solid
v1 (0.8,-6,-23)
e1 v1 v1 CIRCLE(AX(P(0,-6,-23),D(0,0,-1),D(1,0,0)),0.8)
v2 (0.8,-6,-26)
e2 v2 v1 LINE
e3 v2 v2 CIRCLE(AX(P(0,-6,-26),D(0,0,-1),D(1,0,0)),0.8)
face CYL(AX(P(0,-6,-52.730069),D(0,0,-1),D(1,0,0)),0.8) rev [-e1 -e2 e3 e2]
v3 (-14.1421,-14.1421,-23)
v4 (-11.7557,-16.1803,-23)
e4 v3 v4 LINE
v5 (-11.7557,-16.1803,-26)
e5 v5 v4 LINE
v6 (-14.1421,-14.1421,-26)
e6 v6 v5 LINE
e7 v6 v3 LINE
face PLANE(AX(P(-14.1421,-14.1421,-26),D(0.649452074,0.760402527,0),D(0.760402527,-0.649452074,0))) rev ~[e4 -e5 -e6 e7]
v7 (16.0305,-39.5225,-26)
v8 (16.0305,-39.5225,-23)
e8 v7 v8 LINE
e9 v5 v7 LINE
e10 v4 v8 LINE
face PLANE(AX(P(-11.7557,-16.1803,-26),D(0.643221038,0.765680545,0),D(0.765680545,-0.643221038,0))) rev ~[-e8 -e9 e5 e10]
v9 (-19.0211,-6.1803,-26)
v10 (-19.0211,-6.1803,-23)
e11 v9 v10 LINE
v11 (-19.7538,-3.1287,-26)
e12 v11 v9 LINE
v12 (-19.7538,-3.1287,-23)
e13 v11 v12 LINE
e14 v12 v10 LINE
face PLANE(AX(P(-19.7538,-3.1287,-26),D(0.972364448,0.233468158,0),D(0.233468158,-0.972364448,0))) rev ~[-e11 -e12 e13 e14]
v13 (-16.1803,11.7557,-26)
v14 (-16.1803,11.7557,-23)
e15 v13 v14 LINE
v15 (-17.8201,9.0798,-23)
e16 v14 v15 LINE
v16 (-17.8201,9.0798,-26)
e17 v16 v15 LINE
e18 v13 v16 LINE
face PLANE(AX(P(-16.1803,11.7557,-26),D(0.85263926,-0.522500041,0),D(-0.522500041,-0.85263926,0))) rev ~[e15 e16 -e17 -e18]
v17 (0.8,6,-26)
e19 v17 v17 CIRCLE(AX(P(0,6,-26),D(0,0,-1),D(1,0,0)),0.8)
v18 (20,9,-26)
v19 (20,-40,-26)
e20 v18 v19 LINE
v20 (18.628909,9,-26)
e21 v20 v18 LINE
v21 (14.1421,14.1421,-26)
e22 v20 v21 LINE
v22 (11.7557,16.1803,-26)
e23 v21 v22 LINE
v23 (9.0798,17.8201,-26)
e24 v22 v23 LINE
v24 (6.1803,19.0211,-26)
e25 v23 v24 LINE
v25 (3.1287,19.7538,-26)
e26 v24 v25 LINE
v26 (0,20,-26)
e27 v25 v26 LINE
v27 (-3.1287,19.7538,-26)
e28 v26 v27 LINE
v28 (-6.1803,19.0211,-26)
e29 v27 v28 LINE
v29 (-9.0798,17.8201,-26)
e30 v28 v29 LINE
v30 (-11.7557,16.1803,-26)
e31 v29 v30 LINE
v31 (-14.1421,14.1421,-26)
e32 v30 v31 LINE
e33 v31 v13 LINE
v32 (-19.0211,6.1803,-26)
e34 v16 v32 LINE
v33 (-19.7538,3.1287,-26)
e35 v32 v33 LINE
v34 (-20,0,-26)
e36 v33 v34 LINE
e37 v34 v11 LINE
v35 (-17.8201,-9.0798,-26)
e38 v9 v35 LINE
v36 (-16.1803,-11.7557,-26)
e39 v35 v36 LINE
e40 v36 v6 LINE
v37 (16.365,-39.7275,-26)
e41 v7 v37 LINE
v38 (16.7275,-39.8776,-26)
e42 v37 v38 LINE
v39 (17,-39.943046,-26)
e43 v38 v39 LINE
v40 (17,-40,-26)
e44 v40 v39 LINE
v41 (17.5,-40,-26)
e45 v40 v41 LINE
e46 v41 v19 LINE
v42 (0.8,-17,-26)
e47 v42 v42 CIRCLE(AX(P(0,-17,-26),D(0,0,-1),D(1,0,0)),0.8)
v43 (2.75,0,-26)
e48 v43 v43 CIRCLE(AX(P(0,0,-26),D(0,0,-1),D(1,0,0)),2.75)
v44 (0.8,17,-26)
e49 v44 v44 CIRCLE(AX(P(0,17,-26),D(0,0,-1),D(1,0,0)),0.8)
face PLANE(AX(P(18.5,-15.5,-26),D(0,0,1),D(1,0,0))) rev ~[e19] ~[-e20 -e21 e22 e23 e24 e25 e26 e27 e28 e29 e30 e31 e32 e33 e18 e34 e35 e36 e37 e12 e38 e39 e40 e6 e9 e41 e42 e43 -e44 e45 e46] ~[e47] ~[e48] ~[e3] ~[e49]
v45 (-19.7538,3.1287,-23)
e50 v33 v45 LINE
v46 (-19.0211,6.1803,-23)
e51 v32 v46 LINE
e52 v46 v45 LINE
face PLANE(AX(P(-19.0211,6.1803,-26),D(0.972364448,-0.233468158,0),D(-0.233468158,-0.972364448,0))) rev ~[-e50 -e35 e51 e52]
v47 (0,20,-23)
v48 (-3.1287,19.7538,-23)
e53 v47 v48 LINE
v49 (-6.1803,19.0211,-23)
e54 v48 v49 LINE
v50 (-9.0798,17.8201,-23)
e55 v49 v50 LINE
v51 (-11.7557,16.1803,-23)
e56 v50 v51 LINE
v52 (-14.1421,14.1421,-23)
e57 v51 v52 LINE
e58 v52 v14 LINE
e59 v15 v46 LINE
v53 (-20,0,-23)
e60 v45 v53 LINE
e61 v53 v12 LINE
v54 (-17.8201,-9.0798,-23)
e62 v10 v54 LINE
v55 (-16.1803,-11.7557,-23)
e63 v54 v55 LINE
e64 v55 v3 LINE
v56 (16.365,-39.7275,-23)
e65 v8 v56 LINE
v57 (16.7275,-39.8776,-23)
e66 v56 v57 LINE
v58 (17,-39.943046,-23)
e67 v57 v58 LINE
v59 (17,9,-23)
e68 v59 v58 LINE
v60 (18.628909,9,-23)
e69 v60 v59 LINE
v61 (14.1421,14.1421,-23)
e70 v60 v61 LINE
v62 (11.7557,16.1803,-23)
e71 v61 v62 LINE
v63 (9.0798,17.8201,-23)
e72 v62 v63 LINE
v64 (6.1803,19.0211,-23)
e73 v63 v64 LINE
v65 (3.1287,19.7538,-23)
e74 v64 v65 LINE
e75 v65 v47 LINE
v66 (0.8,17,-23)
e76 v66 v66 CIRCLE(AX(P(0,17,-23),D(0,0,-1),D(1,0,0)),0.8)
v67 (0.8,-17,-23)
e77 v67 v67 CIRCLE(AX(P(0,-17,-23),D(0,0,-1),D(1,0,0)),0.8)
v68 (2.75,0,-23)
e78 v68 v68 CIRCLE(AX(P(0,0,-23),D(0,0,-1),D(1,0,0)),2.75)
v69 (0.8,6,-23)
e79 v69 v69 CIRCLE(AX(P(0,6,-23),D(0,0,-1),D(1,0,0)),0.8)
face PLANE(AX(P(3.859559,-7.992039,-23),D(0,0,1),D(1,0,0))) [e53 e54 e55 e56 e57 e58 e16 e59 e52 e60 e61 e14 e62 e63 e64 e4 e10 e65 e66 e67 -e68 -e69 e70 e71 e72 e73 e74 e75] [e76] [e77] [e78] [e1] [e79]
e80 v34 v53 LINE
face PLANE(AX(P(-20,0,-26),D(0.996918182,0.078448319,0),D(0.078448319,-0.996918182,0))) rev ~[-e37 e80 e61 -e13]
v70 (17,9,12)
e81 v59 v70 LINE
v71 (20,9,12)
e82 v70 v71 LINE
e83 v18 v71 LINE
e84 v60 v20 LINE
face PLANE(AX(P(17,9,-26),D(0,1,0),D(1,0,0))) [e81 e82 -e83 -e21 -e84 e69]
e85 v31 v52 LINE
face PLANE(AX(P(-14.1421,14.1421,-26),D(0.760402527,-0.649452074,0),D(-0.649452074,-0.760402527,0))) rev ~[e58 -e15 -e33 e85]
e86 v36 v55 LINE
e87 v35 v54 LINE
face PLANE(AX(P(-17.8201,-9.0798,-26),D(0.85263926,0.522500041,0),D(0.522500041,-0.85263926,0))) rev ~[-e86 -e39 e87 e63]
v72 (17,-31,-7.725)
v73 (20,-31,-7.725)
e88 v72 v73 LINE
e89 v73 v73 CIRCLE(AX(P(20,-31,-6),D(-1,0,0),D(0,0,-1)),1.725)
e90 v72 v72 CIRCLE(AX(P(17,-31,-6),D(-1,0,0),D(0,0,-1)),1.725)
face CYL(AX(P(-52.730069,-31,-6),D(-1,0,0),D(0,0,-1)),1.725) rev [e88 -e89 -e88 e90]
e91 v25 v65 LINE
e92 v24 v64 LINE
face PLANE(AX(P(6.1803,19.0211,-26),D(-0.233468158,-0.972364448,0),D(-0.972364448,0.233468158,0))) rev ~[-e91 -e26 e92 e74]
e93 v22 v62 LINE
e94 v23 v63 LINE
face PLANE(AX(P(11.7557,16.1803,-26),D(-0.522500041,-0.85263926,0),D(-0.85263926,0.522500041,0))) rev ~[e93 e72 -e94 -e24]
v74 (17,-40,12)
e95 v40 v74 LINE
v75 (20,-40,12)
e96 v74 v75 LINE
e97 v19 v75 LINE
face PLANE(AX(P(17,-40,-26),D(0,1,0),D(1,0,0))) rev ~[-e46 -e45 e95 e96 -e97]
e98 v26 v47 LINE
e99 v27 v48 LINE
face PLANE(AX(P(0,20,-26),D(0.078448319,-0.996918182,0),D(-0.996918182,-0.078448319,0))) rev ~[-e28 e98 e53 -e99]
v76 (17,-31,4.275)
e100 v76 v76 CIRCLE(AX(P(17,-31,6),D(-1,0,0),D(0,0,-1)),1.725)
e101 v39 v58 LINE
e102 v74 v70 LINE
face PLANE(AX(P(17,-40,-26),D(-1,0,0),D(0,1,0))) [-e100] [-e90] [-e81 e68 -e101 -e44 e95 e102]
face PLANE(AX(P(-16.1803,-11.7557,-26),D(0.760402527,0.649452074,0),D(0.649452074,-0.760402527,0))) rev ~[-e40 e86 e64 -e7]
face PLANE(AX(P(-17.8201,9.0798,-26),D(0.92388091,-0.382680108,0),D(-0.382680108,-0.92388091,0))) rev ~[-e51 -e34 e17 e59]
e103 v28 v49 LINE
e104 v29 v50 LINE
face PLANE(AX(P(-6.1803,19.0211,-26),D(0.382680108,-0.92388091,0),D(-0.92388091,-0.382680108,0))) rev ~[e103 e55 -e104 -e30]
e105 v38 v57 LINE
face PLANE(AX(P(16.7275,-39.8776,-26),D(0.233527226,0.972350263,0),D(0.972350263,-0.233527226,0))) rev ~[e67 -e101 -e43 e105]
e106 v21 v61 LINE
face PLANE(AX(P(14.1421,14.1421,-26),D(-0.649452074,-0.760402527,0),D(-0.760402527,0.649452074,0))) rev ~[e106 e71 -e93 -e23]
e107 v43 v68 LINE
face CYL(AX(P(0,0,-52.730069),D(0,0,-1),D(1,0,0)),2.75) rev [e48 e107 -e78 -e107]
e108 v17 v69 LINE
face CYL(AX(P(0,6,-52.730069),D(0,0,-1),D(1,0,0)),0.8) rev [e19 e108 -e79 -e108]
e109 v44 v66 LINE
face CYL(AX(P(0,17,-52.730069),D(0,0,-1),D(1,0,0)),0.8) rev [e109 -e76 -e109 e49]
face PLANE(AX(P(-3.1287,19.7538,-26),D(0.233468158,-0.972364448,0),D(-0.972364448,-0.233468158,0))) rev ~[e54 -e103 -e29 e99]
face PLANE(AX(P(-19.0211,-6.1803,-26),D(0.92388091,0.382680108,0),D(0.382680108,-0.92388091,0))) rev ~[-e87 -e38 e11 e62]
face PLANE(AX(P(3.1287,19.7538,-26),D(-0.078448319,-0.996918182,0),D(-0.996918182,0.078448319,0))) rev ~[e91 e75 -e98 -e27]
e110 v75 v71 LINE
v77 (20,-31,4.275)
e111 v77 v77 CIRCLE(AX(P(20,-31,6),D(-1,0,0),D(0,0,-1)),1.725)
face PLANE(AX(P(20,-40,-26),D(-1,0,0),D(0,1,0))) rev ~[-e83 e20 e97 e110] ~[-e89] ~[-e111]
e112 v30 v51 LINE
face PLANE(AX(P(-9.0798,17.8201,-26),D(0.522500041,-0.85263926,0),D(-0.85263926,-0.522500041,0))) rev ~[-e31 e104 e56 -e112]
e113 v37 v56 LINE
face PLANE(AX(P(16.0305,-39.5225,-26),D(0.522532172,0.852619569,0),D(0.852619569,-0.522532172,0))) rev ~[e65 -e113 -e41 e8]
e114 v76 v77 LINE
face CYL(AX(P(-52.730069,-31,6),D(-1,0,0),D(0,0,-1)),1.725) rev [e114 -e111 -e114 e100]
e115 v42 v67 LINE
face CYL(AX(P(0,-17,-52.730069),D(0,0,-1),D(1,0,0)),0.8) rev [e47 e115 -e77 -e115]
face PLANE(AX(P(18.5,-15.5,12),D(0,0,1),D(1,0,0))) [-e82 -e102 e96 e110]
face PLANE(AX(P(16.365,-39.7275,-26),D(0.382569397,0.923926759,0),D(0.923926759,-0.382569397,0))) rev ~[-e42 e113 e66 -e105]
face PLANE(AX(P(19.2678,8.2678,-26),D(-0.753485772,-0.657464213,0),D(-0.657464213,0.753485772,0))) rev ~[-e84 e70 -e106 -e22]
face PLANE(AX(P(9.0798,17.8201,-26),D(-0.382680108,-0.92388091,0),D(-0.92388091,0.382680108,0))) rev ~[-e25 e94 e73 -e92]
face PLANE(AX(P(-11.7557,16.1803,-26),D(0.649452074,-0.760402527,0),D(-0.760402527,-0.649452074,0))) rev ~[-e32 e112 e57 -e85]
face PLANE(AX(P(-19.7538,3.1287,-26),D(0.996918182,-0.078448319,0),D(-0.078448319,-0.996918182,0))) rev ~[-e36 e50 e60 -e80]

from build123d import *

# Parameters (mm, degrees)
BOSS_EXTRUDE1_START     = -26
BOSS_EXTRUDE1_DEPTH     = 3
BOSS_EXTRUDE2_START     = -26
SKETCH2_W               = 3
SKETCH2_H               = 49
BOSS_EXTRUDE2_DEPTH     = 38
CUT_EXTRUDE1_DEPTH      = 52.730068626
CUT_EXTRUDE1_DEPTH_BACK = 52.730068626
SKETCH3_R               = 2.75
SKETCH3_R_2             = 0.8
CUT_EXTRUDE2_DEPTH      = 52.730068626
CUT_EXTRUDE2_DEPTH_BACK = 52.730068626
SKETCH4_R               = 1.725


with BuildPart() as part:
    # Sketch1 → Boss-Extrude1 (new body)
    with BuildSketch(Plane.XY.offset(BOSS_EXTRUDE1_START)):
        Polygon((-20, 0), (-19.7538, -3.1287), (-19.0211, -6.1803), (-17.8201, -9.0798), (-16.1803, -11.7557), (-14.1421, -14.1421), (-11.7557, -16.1803), (16.0305, -39.5225), (16.365, -39.7275), (16.7275, -39.8776), (17.1089, -39.9692), (17.5, -40), (17.8911, -39.9692), (18.2725, -39.8776), (18.635, -39.7275), (18.9695, -39.5225), (19.2678, -39.2678), (19.5225, -38.9695), (19.7275, -38.635), (19.8776, -38.2725), (19.9692, -37.8911), (20, -37.5), (20, 6.5), (19.9692, 6.8911), (19.8776, 7.2725), (19.7275, 7.635), (19.5225, 7.9695), (19.2678, 8.2678), (14.1421, 14.1421), (11.7557, 16.1803), (9.0798, 17.8201), (6.1803, 19.0211), (3.1287, 19.7538), (0, 20), (-3.1287, 19.7538), (-6.1803, 19.0211), (-9.0798, 17.8201), (-11.7557, 16.1803), (-14.1421, 14.1421), (-16.1803, 11.7557), (-17.8201, 9.0798), (-19.0211, 6.1803), (-19.7538, 3.1287), align=None)
    extrude(amount=BOSS_EXTRUDE1_DEPTH)

    # Sketch2 → Boss-Extrude2 (add)
    with BuildSketch(Plane.XY.offset(BOSS_EXTRUDE2_START)):
        with Locations((18.5, -15.5)):
            Rectangle(SKETCH2_W, SKETCH2_H)
    extrude(amount=BOSS_EXTRUDE2_DEPTH)

    # Sketch3 → Cut-Extrude1 (cut, two sides: drawn at the far end of the back side and taken through both)
    with BuildSketch(Plane.XY.offset(-CUT_EXTRUDE1_DEPTH_BACK)):
        Circle(SKETCH3_R)
        with Locations((0, 6)):
            Circle(SKETCH3_R_2)
        with Locations((0, -6)):
            Circle(SKETCH3_R_2)
        with Locations((0, 17)):
            Circle(SKETCH3_R_2)
        with Locations((0, -17)):
            Circle(SKETCH3_R_2)
    extrude(amount=CUT_EXTRUDE1_DEPTH + CUT_EXTRUDE1_DEPTH_BACK, mode=Mode.SUBTRACT)

    # Sketch4 → Cut-Extrude2 (cut, two sides: drawn at the far end of the back side and taken through both)
    with BuildSketch(Plane(origin=(0, 0, 0), x_dir=(0, 0, -1), z_dir=(1, 0, 0)).offset(-CUT_EXTRUDE2_DEPTH_BACK)):
        with Locations((-6, -31)):
            Circle(SKETCH4_R)
        with Locations((6, -31)):
            Circle(SKETCH4_R)
    extrude(amount=CUT_EXTRUDE2_DEPTH + CUT_EXTRUDE2_DEPTH_BACK, mode=Mode.SUBTRACT)


solid = part.part
